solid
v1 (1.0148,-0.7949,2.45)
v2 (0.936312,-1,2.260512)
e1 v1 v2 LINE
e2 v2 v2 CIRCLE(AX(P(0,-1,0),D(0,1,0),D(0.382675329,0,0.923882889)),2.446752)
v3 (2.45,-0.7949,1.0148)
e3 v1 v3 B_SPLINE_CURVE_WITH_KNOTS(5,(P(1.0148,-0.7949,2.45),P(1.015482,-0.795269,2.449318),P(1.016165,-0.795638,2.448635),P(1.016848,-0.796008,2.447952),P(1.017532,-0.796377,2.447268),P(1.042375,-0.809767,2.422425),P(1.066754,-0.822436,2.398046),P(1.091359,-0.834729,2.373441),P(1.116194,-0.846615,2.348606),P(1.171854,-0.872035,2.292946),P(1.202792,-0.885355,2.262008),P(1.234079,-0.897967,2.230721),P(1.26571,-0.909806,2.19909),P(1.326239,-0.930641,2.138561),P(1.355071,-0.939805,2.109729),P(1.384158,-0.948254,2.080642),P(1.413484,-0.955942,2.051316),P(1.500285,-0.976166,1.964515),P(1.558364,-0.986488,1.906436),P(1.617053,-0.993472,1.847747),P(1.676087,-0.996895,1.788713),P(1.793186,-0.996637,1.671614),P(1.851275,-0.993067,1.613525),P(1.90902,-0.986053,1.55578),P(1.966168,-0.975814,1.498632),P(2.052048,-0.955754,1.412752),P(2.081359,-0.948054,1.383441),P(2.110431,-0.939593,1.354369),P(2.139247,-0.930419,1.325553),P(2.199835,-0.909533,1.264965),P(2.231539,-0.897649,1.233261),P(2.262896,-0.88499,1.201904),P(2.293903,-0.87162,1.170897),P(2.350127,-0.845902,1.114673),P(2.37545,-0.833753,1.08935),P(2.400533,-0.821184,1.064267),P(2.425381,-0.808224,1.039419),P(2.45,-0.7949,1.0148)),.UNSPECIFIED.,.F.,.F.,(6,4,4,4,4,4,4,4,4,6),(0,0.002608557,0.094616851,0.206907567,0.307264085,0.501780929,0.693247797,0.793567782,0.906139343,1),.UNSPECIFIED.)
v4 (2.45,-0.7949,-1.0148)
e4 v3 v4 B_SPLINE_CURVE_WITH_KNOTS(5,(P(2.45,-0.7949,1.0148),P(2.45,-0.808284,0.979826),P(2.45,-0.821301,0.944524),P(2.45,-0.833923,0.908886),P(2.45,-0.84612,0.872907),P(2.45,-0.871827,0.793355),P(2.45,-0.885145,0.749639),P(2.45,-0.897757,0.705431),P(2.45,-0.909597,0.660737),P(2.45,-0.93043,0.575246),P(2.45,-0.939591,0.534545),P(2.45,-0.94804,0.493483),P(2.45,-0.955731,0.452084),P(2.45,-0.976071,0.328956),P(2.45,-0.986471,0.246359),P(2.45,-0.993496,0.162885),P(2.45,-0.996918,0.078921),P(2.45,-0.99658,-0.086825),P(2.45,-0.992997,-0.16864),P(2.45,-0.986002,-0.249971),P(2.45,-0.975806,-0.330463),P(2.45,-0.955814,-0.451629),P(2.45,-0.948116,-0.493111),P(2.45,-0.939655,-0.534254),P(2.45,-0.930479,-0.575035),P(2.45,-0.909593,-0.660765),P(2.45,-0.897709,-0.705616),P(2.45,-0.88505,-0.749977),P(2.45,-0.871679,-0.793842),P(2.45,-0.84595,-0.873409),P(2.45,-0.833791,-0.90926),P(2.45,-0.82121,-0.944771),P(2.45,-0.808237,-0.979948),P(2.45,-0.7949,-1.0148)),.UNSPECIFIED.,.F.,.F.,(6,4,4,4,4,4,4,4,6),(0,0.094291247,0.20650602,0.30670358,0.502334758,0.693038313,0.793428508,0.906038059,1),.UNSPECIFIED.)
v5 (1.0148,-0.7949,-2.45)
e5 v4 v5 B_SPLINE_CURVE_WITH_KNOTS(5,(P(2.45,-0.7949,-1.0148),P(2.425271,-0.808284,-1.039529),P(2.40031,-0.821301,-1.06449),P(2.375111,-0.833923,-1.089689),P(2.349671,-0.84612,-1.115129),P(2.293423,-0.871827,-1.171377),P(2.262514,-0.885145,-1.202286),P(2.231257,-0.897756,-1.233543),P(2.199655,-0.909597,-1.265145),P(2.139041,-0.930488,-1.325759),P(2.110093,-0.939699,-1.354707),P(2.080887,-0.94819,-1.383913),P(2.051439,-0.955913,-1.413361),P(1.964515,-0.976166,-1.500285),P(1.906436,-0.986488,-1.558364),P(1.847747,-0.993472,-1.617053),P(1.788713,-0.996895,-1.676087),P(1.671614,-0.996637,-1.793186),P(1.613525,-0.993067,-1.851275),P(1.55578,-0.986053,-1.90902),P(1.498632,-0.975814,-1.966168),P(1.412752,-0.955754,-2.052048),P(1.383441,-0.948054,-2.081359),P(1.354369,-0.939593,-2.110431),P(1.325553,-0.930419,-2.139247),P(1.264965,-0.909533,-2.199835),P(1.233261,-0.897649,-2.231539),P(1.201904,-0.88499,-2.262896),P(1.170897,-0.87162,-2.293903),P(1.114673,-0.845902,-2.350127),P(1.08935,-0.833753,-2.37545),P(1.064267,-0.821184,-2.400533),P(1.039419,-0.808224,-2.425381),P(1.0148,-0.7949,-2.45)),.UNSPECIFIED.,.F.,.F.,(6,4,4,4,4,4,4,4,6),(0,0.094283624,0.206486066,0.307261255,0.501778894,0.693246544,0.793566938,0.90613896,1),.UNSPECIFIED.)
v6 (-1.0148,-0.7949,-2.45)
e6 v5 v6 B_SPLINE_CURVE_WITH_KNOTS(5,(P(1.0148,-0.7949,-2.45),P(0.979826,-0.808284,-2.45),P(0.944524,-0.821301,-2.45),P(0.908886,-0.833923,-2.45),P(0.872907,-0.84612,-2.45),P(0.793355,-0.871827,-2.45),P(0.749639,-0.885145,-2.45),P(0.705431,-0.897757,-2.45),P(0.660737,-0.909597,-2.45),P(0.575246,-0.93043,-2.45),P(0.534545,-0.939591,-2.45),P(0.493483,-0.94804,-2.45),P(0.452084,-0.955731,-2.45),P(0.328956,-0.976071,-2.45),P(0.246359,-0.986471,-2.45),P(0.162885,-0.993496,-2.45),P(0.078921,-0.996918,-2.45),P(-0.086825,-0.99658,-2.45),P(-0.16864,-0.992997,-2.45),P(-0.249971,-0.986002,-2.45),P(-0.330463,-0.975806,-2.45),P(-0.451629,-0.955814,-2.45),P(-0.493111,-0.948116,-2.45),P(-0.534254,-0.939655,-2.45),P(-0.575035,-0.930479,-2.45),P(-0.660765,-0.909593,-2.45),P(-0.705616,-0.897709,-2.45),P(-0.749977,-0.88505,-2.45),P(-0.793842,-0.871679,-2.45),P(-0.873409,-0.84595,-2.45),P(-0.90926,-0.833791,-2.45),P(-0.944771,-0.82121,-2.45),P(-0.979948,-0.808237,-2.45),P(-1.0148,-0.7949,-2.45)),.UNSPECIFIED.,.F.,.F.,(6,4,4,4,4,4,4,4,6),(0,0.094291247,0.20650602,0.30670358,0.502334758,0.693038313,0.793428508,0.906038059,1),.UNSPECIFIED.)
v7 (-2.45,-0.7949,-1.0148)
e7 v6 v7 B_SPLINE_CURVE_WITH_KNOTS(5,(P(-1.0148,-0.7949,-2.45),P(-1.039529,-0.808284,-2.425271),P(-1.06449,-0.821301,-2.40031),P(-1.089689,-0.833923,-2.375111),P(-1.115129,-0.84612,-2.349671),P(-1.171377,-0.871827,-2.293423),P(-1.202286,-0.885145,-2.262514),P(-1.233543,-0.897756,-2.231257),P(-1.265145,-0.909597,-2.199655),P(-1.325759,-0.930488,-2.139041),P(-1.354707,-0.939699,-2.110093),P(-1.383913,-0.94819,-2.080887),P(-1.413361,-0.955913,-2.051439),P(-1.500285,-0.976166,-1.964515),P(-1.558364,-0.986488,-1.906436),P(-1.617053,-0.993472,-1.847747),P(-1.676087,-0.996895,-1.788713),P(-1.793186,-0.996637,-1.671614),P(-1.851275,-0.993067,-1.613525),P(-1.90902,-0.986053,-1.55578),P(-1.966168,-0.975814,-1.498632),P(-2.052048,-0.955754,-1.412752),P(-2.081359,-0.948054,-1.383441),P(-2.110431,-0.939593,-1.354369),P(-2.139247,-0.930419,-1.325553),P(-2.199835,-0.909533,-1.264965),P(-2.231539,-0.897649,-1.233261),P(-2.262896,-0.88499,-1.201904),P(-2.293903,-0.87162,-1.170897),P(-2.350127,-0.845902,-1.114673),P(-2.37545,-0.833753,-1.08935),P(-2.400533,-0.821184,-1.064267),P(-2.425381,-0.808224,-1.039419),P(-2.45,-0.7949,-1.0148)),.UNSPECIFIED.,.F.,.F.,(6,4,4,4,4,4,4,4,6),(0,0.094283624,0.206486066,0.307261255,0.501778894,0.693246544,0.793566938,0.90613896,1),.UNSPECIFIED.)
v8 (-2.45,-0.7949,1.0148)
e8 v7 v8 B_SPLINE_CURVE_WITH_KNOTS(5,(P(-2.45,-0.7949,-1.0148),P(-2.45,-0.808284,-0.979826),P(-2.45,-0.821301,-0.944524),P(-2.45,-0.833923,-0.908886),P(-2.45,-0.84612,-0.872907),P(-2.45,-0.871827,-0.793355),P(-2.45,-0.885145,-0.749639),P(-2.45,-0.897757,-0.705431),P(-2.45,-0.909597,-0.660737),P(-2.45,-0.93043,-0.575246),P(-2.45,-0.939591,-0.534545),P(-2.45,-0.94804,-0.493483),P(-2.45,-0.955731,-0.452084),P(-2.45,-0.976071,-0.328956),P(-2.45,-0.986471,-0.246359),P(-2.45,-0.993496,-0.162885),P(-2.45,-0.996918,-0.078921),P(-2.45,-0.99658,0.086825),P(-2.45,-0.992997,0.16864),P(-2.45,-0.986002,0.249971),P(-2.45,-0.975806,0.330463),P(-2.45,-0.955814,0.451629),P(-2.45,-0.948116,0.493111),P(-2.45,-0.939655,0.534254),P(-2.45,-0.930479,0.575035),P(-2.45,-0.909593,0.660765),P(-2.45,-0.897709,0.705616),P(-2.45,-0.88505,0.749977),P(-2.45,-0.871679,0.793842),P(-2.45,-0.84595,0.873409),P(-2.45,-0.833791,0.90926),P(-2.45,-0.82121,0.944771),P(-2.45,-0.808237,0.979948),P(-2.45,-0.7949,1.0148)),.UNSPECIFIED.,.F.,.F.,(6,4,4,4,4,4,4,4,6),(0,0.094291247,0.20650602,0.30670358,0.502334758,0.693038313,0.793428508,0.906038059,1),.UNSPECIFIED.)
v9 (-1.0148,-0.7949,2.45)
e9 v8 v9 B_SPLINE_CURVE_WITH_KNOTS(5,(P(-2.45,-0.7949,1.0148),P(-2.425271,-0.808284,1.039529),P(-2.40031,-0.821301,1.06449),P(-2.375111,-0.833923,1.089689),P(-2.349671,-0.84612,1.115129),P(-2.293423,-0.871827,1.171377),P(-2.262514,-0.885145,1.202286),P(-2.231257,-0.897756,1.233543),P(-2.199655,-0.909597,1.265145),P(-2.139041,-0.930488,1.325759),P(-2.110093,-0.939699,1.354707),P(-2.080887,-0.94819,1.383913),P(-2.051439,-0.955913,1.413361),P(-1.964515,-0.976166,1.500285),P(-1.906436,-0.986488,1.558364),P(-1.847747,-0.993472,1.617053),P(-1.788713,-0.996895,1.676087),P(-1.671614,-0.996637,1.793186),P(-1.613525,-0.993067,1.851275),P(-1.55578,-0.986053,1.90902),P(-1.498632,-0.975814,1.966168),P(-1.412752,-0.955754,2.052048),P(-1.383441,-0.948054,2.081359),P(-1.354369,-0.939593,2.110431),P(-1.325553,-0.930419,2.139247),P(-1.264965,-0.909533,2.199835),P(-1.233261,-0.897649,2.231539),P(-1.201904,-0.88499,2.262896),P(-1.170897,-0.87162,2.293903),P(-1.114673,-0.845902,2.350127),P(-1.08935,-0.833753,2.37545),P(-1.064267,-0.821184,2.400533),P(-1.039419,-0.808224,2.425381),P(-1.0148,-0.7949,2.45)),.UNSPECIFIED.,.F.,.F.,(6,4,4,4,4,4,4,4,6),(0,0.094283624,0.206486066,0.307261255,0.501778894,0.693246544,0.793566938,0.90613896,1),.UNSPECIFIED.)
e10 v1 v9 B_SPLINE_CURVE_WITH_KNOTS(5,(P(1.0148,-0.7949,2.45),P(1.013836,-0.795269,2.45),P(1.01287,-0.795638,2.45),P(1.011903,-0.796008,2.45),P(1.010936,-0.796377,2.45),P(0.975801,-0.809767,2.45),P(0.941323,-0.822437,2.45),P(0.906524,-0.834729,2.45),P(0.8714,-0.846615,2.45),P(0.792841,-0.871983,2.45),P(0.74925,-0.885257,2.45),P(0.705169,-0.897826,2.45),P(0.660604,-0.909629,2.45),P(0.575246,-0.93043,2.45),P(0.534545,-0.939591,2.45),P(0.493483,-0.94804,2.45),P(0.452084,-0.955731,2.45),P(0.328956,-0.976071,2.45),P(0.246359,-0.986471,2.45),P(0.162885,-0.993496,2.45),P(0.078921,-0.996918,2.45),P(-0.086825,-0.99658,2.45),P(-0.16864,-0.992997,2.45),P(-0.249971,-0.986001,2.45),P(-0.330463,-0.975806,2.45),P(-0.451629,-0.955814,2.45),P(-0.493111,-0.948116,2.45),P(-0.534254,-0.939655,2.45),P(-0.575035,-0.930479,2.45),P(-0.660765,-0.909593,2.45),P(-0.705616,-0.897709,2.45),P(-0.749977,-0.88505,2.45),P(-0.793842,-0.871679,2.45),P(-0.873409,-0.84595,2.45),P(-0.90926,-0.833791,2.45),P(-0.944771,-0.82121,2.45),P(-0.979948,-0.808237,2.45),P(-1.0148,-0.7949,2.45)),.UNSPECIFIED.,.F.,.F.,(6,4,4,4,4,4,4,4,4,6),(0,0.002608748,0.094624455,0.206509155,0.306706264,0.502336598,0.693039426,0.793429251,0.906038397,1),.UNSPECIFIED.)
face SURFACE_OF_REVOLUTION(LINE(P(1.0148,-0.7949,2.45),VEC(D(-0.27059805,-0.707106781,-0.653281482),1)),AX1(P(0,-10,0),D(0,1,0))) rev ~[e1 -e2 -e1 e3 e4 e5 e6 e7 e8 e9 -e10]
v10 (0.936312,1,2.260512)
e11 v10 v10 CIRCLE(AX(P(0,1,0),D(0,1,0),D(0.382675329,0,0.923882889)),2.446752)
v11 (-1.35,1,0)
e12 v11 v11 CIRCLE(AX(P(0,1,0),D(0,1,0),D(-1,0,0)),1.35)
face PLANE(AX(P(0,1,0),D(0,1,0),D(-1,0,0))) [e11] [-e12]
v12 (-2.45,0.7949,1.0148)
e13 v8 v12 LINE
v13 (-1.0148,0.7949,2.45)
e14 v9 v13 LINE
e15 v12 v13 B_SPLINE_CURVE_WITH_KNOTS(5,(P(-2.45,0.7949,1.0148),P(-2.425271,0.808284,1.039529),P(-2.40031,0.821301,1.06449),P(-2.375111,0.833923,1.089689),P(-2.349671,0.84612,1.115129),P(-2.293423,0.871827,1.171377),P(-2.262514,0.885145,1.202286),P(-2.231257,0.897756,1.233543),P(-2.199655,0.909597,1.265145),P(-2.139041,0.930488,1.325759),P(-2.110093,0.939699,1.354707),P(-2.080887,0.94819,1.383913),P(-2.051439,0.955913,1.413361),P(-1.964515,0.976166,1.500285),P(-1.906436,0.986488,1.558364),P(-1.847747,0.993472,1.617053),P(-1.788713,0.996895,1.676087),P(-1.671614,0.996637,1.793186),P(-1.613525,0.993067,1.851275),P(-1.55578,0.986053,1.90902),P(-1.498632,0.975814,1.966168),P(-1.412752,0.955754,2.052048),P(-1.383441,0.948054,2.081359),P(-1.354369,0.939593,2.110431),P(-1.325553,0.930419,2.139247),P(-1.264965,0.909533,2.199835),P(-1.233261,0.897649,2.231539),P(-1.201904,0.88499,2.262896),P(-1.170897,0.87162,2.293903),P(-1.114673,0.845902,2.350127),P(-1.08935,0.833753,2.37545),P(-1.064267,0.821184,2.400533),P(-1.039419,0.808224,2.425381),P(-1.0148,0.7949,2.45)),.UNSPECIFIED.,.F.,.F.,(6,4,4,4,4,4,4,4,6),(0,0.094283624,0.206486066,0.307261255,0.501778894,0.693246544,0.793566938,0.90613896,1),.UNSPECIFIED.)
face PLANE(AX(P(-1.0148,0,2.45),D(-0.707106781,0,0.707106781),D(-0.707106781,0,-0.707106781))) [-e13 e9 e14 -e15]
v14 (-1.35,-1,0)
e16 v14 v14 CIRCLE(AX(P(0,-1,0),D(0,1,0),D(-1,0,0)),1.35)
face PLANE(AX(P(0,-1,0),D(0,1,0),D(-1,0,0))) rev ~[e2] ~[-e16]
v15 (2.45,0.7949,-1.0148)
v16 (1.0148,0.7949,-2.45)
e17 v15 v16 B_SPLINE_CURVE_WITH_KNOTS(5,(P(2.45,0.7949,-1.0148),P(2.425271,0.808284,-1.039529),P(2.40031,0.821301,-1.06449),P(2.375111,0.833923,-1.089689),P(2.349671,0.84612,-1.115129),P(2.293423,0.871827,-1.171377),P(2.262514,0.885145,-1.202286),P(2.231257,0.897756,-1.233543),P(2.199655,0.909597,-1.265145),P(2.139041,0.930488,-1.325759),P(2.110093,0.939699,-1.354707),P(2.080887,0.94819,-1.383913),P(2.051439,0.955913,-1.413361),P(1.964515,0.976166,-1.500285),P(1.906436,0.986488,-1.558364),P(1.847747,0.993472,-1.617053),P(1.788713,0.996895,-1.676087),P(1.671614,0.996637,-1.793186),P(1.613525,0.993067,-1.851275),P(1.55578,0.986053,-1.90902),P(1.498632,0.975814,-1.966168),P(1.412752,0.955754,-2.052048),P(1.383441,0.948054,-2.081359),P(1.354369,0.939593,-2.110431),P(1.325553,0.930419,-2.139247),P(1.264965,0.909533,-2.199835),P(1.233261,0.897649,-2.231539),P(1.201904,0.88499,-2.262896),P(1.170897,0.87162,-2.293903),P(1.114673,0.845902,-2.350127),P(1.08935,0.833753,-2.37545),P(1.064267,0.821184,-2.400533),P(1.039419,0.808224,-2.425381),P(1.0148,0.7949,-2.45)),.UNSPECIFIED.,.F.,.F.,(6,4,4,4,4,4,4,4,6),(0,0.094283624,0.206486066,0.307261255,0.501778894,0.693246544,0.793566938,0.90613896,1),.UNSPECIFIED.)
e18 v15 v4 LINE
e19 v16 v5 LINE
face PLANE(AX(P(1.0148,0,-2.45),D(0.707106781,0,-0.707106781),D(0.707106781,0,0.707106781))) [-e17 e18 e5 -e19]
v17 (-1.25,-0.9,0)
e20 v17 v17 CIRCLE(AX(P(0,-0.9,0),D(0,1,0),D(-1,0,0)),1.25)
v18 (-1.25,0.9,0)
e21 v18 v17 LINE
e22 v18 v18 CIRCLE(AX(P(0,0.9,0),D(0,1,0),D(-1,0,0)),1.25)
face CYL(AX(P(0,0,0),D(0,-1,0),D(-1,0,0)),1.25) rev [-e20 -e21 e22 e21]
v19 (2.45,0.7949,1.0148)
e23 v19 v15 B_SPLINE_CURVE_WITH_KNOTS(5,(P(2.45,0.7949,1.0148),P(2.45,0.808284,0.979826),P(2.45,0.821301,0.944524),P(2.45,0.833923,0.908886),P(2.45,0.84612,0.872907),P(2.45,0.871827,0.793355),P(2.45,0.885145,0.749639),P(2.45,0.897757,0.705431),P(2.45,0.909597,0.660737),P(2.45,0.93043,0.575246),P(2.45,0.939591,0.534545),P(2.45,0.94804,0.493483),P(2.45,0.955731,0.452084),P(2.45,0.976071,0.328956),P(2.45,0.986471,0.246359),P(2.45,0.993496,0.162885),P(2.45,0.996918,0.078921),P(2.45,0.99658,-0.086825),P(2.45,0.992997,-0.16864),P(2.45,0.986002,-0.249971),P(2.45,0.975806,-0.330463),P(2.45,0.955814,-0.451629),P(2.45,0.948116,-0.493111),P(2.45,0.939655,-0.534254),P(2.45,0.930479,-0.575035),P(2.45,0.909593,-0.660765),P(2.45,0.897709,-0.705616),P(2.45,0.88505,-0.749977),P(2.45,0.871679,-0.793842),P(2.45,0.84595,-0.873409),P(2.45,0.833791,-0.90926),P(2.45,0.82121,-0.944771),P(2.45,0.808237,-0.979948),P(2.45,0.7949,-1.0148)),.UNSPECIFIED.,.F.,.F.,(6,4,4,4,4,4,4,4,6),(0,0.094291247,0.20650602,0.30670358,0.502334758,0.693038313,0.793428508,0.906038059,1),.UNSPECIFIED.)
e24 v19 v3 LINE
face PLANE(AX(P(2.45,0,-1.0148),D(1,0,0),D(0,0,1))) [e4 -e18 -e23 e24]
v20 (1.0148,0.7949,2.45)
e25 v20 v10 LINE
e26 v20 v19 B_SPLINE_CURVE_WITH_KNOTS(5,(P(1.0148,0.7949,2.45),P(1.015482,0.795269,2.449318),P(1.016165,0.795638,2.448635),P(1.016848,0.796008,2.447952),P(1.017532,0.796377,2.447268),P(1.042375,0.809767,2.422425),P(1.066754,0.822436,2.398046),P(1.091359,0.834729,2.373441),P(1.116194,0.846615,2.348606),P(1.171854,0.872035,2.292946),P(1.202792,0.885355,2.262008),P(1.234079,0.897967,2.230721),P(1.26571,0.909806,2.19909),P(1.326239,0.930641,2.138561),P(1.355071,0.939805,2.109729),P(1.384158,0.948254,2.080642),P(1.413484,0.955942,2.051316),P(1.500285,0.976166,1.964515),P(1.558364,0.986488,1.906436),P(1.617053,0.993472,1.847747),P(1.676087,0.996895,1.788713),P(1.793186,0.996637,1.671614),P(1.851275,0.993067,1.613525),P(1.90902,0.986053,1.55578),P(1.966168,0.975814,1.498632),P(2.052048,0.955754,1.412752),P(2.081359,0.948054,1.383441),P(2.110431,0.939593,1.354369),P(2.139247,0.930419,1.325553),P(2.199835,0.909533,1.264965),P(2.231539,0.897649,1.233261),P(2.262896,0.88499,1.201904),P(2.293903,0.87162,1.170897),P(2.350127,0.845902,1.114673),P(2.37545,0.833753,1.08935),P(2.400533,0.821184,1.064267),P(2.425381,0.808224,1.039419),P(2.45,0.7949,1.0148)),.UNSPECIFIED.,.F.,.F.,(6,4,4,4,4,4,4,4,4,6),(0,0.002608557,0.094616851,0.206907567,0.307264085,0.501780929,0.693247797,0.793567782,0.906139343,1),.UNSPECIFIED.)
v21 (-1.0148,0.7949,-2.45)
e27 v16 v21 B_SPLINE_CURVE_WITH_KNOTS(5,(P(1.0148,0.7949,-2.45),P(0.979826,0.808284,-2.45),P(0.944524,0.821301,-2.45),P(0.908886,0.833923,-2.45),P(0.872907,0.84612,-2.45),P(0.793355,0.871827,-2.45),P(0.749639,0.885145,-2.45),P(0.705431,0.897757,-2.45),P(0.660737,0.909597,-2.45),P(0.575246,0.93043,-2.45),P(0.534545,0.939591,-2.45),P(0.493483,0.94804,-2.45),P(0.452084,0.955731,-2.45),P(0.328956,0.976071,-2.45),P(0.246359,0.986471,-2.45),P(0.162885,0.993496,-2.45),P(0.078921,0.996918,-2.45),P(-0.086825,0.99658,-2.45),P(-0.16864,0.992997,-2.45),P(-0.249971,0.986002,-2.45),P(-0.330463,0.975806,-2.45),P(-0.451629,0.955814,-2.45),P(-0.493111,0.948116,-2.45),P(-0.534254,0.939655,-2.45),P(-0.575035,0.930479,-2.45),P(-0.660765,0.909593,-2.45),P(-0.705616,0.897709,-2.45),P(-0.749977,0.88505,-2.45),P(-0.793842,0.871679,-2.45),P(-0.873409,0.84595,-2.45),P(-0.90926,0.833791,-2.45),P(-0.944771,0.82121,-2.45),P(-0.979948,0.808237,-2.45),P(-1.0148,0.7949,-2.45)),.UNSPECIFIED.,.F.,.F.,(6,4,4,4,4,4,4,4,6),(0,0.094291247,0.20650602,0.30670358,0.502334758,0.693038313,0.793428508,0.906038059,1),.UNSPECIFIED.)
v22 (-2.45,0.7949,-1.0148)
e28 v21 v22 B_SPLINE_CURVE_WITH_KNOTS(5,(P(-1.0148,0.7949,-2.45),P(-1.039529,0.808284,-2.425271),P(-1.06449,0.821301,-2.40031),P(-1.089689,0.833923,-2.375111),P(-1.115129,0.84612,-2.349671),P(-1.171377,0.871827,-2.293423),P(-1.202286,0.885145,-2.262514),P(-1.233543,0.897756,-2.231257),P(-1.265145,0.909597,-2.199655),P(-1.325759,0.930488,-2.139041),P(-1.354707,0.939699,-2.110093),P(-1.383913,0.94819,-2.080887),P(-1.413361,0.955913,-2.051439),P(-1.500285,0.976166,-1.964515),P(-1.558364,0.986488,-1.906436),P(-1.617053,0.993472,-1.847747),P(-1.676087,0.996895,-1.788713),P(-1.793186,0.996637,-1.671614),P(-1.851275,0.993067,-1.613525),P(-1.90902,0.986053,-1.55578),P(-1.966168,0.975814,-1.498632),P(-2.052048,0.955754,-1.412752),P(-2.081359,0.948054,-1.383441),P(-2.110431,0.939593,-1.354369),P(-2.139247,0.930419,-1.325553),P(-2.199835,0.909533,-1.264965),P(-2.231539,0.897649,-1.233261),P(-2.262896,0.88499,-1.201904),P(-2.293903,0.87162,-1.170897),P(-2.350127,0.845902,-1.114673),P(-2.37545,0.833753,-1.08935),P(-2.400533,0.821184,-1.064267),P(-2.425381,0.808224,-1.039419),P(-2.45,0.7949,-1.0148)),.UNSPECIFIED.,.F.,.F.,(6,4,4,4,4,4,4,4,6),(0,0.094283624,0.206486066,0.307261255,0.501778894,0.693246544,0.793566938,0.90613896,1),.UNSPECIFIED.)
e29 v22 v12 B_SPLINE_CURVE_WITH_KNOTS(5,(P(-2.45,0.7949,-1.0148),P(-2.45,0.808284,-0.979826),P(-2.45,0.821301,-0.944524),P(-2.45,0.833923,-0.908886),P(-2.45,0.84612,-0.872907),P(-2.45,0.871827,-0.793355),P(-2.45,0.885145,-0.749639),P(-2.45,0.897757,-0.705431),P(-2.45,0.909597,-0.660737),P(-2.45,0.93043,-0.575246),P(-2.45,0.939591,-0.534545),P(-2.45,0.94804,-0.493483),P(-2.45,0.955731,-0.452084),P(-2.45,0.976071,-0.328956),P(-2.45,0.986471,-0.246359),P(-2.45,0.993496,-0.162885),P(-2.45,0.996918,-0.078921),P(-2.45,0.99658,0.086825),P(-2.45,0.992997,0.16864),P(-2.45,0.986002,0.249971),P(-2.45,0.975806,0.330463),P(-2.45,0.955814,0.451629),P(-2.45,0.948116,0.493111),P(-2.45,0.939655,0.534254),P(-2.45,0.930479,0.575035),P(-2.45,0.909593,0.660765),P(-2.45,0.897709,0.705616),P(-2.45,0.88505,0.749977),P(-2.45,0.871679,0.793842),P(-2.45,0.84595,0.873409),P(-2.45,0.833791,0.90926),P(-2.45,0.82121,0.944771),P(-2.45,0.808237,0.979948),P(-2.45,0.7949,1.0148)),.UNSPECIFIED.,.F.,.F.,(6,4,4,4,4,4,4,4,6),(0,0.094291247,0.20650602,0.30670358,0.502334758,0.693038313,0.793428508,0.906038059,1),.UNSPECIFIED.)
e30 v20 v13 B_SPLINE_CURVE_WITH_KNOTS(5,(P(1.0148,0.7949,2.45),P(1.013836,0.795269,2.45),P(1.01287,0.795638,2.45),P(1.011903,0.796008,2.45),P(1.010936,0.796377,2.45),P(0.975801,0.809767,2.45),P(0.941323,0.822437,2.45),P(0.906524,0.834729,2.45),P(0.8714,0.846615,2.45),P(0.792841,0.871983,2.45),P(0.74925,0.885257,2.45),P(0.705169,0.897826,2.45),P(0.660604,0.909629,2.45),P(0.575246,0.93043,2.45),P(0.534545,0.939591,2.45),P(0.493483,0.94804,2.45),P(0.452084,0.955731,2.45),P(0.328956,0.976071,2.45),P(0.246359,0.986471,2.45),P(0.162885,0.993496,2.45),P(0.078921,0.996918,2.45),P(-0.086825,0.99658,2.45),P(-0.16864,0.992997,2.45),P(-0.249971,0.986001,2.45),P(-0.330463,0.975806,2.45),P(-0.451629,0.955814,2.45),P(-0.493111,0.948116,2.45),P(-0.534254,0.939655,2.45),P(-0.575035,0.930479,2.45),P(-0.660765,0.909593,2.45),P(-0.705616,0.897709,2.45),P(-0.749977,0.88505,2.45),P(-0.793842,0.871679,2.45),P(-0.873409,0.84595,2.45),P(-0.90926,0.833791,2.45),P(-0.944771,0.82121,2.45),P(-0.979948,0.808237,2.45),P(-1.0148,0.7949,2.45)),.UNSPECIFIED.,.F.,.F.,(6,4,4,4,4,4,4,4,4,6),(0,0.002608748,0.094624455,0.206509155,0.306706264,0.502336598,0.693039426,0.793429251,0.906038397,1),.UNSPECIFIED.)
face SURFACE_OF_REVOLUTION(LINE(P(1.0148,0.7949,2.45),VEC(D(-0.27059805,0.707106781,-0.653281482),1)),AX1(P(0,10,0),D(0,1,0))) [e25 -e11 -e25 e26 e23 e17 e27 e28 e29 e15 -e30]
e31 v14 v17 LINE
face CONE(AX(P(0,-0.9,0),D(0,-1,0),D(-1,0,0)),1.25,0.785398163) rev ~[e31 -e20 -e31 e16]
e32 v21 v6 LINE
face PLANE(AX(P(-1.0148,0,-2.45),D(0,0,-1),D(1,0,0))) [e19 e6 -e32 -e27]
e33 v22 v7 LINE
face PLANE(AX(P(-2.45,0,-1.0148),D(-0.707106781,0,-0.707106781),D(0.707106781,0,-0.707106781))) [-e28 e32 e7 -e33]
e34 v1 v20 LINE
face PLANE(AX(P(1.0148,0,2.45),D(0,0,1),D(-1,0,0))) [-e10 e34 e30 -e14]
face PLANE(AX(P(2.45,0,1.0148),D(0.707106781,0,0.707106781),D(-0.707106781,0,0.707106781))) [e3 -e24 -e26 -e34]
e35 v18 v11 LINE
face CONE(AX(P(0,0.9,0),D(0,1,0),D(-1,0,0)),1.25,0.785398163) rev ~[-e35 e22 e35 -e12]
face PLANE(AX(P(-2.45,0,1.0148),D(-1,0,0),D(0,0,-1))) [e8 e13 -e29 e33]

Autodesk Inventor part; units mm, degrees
ref_plane "YZ Plane" through (0, 0, 0) normal (1, 0, 0) x (0, 1, 0)
ref_plane "XZ Plane" through (0, 0, 0) normal (0, 1, 0) x (-1, 0, 0)
sketch "Sketch1" plane through (0, 0, 0) normal (0, 1, 0) x (-1, 0, 0)
  line L0 (2.45, 1.0148) -> (2.45, -1.0148)
  line L1 (2.45, -1.0148) -> (1.0148, -2.45)
  line L2 (1.0148, -2.45) -> (-1.0148, -2.45)
  line L3 (-1.0148, -2.45) -> (-2.45, -1.0148)
  line L4 (-2.45, -1.0148) -> (-2.45, 1.0148)
  line L5 (-2.45, 1.0148) -> (-1.0148, 2.45)
  line L6 (-1.0148, 2.45) -> (1.0148, 2.45)
  line L7 (1.0148, 2.45) -> (2.45, 1.0148)
  circle A0 centre (0, 0) radius 1.25
  point P0 (2.45, 0)
  point P1 (0, -2.45)
  dimension "d0" = 135
  dimension "d1" = 4.9
  dimension "d4" = 2.5
extrude "Extrusion1" add sketch "Sketch1" along normal mid plane 2
thread "Thread1" size "M2.5x0.45" class "6H" standard "ANSI Metric M Profile" full length
ref_plane "Work Plane1" through (1.0148, -1, 2.45) normal (0.9239, 0, -0.3827) x (-0.3827, 0, -0.9239)
sketch "Sketch3" plane through (1.0148, -1, 2.45) normal (0.9239, 0, -0.3827) x (-0.3827, 0, -0.9239)
  line L0 (0, 0) -> (0.7767, 0) projected
  line L1 (0, 2) -> (0, 0) projected
  line L2 (2.6519, -0.4) -> (2.6519, 2.4) projected
  line L3 (0, 0.2051) -> (0.2051, 0)
  line L4 (0.7767, 0) -> (0, 0) projected
  point P0 (2.6519, 1)
  dimension "d10" = 45
  dimension "d11" = 0.29
revolve "Revolution1" cut sketch "Sketch3" angle 360 about axis through (0, -10, 0) along (0, 1, 0)
mirror "Mirror1" about plane through (0, 0, 0) normal (0, 1, 0) of "Revolution1"
chamfer "Chamfer1" distance 0.1 angle 45 1 edges at (1.25, -1, 0)
chamfer "Chamfer2" distance 0.1 angle 45 1 edges at (1.25, 1, 0)
properties part number "2.5mm hex nut" material "Steel, High Strength, Low Alloy"
